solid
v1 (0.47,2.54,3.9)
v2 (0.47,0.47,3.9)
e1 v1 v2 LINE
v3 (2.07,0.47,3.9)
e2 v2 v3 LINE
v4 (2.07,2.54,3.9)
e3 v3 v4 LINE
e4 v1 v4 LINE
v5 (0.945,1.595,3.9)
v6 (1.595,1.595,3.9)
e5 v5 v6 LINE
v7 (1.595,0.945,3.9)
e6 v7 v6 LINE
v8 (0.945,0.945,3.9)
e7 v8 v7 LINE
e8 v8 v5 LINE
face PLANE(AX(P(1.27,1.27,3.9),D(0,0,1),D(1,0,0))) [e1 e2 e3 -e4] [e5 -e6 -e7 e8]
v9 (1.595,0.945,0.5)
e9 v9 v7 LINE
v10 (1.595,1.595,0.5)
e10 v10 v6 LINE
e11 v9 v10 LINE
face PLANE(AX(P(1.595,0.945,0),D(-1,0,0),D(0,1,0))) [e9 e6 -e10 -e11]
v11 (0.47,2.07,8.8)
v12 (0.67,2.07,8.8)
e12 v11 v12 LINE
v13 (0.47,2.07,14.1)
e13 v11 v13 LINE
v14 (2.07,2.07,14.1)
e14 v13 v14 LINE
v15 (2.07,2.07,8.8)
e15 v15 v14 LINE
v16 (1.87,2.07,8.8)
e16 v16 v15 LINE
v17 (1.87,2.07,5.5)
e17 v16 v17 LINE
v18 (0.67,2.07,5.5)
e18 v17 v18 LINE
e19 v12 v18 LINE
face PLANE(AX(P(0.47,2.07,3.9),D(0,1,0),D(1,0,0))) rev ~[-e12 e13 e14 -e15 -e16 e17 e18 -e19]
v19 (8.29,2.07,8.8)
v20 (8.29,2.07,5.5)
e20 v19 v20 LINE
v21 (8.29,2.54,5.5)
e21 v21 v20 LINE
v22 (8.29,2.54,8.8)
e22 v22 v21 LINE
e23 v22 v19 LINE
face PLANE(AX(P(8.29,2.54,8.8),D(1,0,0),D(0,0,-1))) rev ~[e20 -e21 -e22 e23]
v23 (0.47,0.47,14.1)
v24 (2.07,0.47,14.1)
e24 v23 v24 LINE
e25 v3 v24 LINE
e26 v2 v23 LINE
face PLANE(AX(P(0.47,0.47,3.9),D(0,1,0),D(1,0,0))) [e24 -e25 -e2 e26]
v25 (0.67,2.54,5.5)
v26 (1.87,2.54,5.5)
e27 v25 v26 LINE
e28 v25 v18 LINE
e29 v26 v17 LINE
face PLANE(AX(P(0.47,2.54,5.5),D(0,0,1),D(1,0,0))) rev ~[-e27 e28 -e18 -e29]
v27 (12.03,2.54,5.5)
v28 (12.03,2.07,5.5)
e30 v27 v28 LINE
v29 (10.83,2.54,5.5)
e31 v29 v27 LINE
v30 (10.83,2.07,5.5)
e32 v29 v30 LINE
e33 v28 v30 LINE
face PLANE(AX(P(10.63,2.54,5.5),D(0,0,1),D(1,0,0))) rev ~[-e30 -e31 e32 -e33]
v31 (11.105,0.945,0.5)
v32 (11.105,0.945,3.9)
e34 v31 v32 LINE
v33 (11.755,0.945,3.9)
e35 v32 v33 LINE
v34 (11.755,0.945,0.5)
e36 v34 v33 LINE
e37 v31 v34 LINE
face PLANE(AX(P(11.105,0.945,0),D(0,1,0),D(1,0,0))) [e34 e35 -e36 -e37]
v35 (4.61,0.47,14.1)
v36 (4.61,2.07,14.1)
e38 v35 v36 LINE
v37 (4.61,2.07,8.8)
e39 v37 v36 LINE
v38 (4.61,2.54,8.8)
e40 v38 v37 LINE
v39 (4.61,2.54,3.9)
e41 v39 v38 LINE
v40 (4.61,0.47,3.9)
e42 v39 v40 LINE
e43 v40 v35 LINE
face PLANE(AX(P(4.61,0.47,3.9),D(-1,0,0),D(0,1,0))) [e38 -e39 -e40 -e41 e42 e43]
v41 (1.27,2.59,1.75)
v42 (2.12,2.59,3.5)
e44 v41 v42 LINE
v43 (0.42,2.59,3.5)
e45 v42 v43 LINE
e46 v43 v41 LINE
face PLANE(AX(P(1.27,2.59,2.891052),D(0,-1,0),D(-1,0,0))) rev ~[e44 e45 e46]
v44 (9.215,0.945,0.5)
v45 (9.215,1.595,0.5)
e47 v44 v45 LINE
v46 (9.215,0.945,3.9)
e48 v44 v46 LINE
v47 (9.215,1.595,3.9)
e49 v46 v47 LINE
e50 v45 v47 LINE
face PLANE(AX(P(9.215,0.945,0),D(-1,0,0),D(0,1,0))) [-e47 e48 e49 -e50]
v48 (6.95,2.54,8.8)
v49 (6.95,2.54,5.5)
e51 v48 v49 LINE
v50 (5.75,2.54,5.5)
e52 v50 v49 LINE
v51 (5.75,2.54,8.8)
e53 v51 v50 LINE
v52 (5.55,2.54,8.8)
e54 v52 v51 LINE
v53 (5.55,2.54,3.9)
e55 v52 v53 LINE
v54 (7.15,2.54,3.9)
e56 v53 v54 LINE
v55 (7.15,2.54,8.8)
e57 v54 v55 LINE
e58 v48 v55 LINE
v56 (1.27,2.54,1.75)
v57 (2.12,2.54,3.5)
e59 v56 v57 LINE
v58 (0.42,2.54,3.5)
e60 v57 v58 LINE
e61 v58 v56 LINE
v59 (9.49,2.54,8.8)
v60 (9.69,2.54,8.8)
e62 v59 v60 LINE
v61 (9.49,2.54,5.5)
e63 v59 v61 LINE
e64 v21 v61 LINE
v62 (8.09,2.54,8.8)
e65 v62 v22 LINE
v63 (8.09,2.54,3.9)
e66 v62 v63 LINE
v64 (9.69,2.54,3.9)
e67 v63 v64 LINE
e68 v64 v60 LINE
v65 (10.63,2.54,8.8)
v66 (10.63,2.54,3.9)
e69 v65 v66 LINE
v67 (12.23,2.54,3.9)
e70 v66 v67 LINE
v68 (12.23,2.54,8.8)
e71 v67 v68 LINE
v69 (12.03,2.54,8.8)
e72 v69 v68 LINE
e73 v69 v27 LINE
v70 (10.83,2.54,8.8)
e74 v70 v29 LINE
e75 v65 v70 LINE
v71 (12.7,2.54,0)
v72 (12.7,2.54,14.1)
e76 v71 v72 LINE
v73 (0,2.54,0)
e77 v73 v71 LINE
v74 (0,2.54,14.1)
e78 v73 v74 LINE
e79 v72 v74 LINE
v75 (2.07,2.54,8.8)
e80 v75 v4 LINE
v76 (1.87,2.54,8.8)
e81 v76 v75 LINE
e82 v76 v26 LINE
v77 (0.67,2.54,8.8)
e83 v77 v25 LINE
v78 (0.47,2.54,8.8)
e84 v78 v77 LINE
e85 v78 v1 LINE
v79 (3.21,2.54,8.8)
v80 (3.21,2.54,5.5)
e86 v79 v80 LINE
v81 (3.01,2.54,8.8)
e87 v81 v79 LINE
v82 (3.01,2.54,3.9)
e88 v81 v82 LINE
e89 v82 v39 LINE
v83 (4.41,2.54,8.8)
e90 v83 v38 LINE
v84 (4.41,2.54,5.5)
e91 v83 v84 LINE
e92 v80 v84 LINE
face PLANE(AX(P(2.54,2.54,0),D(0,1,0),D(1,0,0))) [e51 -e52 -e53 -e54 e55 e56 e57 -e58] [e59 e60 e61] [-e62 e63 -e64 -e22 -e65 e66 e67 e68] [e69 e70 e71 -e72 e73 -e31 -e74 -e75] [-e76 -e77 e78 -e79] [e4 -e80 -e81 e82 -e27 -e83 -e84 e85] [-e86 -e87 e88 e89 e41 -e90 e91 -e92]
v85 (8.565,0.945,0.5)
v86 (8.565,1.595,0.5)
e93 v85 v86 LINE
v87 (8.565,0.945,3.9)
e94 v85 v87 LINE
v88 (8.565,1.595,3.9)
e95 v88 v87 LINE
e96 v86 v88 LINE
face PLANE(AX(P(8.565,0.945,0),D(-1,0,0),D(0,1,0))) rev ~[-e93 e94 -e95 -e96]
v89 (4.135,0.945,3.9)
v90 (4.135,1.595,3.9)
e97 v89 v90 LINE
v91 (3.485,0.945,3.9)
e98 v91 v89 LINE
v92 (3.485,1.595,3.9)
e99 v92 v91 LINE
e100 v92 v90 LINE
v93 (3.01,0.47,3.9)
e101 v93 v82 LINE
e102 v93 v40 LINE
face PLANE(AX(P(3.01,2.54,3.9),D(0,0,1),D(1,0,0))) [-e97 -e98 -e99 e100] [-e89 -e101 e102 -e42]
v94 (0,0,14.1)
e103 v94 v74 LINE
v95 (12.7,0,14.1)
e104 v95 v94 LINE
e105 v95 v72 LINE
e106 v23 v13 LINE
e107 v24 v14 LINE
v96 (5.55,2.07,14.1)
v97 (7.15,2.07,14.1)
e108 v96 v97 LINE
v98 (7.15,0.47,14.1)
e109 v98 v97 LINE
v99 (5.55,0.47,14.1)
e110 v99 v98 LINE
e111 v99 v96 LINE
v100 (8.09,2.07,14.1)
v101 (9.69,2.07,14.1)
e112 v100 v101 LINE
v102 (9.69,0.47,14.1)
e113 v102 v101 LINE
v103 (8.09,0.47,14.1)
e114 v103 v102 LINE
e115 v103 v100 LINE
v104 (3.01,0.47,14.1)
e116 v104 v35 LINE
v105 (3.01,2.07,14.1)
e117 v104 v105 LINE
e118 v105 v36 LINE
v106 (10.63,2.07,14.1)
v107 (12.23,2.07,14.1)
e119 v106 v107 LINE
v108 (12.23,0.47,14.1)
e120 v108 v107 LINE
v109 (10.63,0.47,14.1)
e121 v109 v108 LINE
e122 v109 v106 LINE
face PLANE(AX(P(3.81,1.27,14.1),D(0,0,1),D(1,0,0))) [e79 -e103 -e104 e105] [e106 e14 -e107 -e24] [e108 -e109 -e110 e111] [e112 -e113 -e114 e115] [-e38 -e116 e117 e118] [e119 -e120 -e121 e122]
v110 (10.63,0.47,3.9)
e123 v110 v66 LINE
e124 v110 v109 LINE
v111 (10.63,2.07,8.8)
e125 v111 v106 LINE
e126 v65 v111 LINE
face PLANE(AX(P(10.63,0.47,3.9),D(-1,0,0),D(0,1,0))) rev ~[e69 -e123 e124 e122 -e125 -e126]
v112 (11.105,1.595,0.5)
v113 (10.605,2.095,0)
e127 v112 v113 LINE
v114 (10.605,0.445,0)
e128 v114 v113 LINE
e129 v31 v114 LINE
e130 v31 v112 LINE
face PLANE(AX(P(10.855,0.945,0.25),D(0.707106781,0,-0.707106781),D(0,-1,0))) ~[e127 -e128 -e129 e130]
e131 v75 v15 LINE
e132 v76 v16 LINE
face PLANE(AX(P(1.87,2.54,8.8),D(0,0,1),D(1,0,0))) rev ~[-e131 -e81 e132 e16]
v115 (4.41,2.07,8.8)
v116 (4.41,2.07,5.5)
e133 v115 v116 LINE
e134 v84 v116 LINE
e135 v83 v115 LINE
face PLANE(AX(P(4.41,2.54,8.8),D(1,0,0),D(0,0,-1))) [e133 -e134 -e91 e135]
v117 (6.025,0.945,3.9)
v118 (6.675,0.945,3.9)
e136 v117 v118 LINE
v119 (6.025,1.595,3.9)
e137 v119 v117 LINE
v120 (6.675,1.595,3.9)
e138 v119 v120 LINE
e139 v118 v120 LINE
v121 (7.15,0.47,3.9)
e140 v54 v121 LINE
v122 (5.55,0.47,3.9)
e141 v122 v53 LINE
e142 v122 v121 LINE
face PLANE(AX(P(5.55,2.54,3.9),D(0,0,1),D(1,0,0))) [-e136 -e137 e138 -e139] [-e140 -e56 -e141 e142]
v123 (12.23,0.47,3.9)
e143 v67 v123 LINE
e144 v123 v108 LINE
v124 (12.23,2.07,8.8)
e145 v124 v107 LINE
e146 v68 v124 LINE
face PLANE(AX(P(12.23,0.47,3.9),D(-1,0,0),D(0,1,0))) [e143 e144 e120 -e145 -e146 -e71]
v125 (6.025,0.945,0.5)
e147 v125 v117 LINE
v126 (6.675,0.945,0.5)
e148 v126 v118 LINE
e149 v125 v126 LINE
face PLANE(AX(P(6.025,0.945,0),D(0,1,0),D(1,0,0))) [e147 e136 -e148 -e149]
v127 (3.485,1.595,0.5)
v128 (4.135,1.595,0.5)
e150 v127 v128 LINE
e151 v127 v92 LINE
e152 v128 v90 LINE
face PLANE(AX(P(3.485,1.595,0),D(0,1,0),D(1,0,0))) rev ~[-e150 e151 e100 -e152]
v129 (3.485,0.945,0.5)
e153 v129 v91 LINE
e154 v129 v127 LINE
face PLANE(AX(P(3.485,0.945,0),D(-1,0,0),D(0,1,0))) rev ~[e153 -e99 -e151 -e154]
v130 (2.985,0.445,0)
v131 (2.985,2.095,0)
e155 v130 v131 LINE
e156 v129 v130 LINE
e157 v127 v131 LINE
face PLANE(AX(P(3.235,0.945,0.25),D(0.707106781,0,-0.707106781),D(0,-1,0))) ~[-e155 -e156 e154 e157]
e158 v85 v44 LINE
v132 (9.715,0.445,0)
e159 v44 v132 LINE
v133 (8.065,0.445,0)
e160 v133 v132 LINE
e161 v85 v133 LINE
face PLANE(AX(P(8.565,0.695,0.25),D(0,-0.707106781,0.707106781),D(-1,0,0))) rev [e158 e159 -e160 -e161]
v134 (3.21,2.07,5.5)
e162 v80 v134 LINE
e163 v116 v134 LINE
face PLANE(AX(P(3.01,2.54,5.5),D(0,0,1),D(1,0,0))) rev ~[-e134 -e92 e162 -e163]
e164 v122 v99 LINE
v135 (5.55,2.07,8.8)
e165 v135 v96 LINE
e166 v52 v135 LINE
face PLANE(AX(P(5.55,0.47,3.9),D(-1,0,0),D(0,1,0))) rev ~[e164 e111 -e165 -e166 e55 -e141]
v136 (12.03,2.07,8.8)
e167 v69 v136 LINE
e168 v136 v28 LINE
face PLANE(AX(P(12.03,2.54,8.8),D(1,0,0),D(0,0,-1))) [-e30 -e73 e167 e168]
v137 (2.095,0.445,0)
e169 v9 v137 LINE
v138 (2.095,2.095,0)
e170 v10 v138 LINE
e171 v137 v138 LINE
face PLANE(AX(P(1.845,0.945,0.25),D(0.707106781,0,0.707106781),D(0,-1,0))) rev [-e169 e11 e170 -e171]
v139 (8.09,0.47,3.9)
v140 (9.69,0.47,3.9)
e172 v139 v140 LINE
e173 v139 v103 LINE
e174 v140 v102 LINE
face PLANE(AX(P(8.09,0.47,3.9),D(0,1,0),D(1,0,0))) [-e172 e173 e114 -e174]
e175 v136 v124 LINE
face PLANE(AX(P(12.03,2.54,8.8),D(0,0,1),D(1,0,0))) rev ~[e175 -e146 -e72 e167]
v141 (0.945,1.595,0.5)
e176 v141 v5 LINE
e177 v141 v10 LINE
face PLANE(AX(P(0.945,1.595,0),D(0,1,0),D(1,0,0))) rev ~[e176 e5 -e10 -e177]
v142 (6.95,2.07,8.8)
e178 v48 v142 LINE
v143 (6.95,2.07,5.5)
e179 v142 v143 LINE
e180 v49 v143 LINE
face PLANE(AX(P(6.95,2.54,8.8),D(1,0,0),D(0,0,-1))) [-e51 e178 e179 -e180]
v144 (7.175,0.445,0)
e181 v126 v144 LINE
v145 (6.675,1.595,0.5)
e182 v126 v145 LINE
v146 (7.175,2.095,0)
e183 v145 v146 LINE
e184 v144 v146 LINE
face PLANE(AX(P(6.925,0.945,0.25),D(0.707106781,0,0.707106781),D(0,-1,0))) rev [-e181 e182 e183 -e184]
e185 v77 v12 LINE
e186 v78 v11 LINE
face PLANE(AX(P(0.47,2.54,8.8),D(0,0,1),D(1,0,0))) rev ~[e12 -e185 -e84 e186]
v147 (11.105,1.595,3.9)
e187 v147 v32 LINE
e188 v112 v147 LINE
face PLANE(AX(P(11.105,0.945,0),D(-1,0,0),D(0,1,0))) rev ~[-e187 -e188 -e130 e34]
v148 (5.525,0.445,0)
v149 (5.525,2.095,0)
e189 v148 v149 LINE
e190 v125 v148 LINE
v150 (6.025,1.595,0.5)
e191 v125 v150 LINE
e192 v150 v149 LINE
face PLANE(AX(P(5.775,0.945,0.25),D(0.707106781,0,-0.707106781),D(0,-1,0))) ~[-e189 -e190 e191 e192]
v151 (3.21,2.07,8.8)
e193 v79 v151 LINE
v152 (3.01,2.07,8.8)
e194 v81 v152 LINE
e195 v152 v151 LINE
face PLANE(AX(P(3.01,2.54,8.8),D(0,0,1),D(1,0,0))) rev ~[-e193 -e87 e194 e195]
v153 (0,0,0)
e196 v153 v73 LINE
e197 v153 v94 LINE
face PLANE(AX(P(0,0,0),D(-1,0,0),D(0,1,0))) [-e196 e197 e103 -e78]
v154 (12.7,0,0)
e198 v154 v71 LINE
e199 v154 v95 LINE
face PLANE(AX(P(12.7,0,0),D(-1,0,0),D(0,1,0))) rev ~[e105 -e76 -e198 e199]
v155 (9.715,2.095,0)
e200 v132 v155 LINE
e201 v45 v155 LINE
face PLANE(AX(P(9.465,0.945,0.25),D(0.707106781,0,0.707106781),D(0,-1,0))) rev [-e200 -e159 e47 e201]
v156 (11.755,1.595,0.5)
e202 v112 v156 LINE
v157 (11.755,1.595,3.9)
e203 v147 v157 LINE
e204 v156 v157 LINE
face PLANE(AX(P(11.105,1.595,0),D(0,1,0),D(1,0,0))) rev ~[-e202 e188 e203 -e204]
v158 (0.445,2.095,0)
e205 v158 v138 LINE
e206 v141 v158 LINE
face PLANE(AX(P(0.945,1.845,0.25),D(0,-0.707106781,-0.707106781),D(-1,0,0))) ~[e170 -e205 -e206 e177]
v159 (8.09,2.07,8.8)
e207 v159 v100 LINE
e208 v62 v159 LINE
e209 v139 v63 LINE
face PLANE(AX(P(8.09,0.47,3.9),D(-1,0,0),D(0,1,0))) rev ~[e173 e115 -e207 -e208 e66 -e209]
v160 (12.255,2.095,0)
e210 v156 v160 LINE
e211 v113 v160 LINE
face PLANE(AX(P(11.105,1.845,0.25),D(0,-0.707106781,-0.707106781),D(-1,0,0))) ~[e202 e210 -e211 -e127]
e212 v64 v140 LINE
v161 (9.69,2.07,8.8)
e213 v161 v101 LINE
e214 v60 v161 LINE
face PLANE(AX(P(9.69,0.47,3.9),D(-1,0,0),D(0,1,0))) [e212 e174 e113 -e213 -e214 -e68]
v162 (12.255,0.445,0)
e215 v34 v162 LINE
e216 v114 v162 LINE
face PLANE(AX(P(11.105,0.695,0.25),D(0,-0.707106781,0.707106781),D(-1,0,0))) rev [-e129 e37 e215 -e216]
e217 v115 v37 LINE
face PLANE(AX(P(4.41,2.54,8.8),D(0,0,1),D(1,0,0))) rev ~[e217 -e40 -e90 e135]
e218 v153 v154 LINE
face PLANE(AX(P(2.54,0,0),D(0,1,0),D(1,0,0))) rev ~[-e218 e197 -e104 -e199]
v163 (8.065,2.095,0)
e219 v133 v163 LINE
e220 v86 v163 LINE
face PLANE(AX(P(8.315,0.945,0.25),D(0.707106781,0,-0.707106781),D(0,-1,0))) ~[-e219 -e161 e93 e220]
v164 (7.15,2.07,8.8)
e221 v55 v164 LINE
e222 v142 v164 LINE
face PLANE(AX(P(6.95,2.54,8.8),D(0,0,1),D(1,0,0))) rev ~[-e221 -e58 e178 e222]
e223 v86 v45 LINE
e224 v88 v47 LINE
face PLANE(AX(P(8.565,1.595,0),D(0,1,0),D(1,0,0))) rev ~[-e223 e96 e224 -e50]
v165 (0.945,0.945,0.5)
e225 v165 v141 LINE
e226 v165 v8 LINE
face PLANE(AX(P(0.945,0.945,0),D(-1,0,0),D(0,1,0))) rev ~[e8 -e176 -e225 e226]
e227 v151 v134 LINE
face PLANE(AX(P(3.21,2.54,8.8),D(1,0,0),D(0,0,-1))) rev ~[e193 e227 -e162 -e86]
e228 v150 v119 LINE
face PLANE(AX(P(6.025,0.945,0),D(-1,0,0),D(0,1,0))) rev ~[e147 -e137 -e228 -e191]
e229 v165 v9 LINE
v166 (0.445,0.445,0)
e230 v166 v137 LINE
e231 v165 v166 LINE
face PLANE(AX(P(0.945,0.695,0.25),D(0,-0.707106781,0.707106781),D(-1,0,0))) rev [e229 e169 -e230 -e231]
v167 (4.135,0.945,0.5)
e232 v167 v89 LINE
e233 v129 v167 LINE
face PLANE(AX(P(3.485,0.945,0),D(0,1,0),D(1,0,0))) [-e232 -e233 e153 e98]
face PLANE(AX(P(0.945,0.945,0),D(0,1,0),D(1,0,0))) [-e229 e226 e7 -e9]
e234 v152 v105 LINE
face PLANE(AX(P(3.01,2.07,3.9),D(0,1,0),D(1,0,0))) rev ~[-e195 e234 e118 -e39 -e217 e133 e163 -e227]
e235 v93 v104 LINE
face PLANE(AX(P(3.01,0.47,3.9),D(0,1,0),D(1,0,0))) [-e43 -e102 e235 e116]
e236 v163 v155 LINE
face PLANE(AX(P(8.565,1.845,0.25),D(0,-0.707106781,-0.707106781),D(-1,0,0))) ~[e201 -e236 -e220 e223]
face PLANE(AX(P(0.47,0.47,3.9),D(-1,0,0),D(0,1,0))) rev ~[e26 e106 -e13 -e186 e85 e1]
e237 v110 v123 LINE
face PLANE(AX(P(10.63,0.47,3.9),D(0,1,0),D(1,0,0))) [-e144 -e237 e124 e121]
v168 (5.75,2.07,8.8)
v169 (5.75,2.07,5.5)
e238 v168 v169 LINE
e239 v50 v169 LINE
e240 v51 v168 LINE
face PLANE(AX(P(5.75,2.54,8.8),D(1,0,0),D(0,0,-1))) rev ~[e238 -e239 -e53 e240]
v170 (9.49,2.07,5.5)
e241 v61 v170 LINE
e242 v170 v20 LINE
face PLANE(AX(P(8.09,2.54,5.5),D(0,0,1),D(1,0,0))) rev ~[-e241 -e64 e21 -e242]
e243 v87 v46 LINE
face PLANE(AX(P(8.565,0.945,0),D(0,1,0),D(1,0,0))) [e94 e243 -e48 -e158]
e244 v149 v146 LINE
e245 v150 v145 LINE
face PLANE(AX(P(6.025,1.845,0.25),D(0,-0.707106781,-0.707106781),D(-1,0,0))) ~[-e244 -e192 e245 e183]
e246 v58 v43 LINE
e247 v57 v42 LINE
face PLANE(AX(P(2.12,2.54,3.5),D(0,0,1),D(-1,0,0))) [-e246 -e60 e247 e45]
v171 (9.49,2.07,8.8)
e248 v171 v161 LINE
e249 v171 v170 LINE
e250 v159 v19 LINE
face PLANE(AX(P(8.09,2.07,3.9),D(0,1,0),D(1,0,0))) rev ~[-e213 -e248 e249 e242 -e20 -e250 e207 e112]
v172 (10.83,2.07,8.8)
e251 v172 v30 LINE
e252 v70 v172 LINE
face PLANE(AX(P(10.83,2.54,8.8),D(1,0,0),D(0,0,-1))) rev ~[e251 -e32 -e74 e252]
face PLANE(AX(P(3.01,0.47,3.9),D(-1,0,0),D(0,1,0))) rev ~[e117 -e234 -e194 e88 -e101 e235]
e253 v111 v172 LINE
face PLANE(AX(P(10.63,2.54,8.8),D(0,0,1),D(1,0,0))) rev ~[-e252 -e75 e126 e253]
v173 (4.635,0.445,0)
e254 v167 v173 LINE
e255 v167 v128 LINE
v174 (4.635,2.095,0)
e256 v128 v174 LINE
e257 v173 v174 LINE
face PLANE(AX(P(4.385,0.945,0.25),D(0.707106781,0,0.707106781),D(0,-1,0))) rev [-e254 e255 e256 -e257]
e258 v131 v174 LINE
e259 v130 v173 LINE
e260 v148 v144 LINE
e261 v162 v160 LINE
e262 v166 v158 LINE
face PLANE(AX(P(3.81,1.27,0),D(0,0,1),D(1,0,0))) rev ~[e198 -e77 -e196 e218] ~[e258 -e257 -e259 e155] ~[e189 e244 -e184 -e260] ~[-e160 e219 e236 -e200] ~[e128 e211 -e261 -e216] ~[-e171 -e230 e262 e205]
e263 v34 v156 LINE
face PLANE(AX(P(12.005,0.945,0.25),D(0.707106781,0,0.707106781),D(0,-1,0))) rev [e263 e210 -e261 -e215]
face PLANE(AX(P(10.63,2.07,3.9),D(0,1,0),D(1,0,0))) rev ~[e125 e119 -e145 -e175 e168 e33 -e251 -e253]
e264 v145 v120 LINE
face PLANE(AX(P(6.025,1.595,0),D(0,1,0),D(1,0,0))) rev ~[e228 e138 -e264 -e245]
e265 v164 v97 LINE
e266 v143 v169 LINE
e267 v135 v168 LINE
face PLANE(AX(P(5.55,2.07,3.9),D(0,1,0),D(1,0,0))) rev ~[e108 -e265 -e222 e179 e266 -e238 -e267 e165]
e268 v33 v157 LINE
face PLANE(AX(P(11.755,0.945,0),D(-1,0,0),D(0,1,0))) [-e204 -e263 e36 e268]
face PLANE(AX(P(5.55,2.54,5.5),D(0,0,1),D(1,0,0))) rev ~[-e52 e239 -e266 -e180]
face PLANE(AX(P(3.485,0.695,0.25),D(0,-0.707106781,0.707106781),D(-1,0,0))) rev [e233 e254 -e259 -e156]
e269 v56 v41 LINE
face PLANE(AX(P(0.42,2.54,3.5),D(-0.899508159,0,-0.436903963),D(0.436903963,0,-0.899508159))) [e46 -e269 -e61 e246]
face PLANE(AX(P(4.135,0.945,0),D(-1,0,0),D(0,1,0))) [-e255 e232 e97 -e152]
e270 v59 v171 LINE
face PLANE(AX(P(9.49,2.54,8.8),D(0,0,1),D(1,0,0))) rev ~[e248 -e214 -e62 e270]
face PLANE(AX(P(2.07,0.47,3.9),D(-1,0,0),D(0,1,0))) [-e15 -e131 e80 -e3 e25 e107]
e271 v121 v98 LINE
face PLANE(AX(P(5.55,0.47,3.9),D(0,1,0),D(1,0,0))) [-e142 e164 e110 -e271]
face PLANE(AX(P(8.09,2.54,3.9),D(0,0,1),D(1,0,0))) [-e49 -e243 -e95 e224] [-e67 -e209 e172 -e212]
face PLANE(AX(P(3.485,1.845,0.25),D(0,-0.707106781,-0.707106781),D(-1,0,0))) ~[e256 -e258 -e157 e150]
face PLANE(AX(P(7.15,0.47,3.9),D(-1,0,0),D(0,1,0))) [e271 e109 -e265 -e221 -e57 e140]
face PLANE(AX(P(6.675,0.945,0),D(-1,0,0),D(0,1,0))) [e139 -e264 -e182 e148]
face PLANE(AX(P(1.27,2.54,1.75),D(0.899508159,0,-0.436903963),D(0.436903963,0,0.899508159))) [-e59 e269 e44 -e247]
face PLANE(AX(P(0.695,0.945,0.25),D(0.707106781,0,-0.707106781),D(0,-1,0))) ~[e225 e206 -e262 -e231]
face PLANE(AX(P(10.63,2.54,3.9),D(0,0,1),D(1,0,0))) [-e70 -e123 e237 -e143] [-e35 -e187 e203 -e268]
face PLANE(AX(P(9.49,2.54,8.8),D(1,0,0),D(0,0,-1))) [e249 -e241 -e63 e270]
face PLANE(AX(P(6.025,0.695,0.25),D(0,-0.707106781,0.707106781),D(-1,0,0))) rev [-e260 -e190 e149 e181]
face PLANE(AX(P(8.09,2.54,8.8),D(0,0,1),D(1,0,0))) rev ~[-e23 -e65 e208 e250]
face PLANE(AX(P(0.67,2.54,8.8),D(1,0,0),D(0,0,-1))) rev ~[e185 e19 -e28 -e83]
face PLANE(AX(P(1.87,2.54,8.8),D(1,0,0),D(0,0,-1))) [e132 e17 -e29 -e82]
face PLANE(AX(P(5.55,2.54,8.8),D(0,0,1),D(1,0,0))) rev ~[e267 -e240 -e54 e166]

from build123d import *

# Parameters (mm, degrees)
SKETCH1_W                  = 2.54
SKETCH1_H                  = 2.54
SKETCH1_W_2                = 0.65
SKETCH1_H_2                = 0.65
BOSS_EXTRUDE1_DEPTH        = 14.1
CHAMFER1_SIZE              = 0.5
SKETCH4_W                  = 1.6
SKETCH4_H                  = 1.6
CUT_EXTRUDE2_DEPTH         = 1.5
CUT_EXTRUDE1_START         = -10.2
SKETCH2_W                  = 1.6
SKETCH2_H                  = 1.6
CUT_EXTRUDE1_DEPTH         = 10.2
BOSS_EXTRUDE2_DEPTH        = 0.05
SKETCH5_W                  = 0.2
SKETCH5_H                  = 3.3
CUT_EXTRUDE3_DEPTH         = 0.47
LPATTERN1_COUNT            = 5
LPATTERN1_PITCH            = 2.54
CHAMFER1_OF_LPATTERN1_SIZE = 0.5


with BuildPart() as part:
    # Sketch1 → Boss-Extrude1 (new body)
    with BuildSketch(Plane.XY):
        with Locations((1.27, 1.27)):
            Rectangle(SKETCH1_W, SKETCH1_H)
        with Locations((1.27, 1.27)):
            Rectangle(SKETCH1_W_2, SKETCH1_H_2, mode=Mode.SUBTRACT)
    boss_extrude1 = extrude(amount=BOSS_EXTRUDE1_DEPTH)

    # Chamfer1
    chamfer1_edges = [part.edges().sort_by_distance(p)[0] for p in [
        (1.595, 1.27, 0),
        (1.27, 1.595, 0),
        (0.945, 1.27, 0),
        (1.27, 0.945, 0),
    ]]
    chamfer(chamfer1_edges, length=CHAMFER1_SIZE)

    # Sketch4 → Cut-Extrude2 (cut)
    with BuildSketch(Plane(origin=(0, 2.54, 0), x_dir=(1, 0, 0), z_dir=(0, 1, 0))):
        with Locations((1.27, -4.7)):
            Rectangle(SKETCH4_W, SKETCH4_H)
    cut_extrude2 = extrude(amount=-CUT_EXTRUDE2_DEPTH, mode=Mode.SUBTRACT)

    # Sketch2 → Cut-Extrude1 (cut)
    with BuildSketch(Plane.XY.offset(14.1).offset(CUT_EXTRUDE1_START)):
        with Locations((1.27, 1.27)):
            Rectangle(SKETCH2_W, SKETCH2_H)
    cut_extrude1 = extrude(amount=CUT_EXTRUDE1_DEPTH, mode=Mode.SUBTRACT)

    # Sketch3 → Boss-Extrude2 (add)
    with BuildSketch(Plane(origin=(0, 2.54, 0), x_dir=(1, 0, 0), z_dir=(0, 1, 0))):
        Polygon((2.12, -3.5), (0.42, -3.5), (1.27, -1.75), align=None)
    extrude(amount=BOSS_EXTRUDE2_DEPTH)

    # Sketch5 → Cut-Extrude3 (cut)
    with BuildSketch(Plane(origin=(0, 2.54, 0), x_dir=(1, 0, 0), z_dir=(0, 1, 0))):
        with Locations((0.57, -7.15)):
            Rectangle(SKETCH5_W, SKETCH5_H)
        with Locations((1.97, -7.15)):
            Rectangle(SKETCH5_W, SKETCH5_H)
    cut_extrude3 = extrude(amount=-CUT_EXTRUDE3_DEPTH, mode=Mode.SUBTRACT)

    # LPattern1: Boss-Extrude1, Cut-Extrude2, Cut-Extrude1, Cut-Extrude3 ×5
    with Locations(*[(i * LPATTERN1_PITCH, 0, 0) for i in range(1, LPATTERN1_COUNT)]):
        add(boss_extrude1)
        add(cut_extrude2, mode=Mode.SUBTRACT)
        add(cut_extrude1, mode=Mode.SUBTRACT)
        add(cut_extrude3, mode=Mode.SUBTRACT)

    # Chamfer1 of LPattern1
    chamfer1_of_lpattern1_edges = [part.edges().sort_by_distance(p)[0] for p in [
        (4.135, 1.27, 0),
        (3.81, 1.595, 0),
        (3.485, 1.27, 0),
        (3.81, 0.945, 0),
        (6.675, 1.27, 0),
        (6.35, 1.595, 0),
        (6.025, 1.27, 0),
        (6.35, 0.945, 0),
        (9.215, 1.27, 0),
        (8.89, 1.595, 0),
        (8.565, 1.27, 0),
        (8.89, 0.945, 0),
        (11.755, 1.27, 0),
        (11.43, 1.595, 0),
        (11.105, 1.27, 0),
        (11.43, 0.945, 0),
    ]]
    chamfer(chamfer1_of_lpattern1_edges, length=CHAMFER1_OF_LPATTERN1_SIZE)


solid = part.part
